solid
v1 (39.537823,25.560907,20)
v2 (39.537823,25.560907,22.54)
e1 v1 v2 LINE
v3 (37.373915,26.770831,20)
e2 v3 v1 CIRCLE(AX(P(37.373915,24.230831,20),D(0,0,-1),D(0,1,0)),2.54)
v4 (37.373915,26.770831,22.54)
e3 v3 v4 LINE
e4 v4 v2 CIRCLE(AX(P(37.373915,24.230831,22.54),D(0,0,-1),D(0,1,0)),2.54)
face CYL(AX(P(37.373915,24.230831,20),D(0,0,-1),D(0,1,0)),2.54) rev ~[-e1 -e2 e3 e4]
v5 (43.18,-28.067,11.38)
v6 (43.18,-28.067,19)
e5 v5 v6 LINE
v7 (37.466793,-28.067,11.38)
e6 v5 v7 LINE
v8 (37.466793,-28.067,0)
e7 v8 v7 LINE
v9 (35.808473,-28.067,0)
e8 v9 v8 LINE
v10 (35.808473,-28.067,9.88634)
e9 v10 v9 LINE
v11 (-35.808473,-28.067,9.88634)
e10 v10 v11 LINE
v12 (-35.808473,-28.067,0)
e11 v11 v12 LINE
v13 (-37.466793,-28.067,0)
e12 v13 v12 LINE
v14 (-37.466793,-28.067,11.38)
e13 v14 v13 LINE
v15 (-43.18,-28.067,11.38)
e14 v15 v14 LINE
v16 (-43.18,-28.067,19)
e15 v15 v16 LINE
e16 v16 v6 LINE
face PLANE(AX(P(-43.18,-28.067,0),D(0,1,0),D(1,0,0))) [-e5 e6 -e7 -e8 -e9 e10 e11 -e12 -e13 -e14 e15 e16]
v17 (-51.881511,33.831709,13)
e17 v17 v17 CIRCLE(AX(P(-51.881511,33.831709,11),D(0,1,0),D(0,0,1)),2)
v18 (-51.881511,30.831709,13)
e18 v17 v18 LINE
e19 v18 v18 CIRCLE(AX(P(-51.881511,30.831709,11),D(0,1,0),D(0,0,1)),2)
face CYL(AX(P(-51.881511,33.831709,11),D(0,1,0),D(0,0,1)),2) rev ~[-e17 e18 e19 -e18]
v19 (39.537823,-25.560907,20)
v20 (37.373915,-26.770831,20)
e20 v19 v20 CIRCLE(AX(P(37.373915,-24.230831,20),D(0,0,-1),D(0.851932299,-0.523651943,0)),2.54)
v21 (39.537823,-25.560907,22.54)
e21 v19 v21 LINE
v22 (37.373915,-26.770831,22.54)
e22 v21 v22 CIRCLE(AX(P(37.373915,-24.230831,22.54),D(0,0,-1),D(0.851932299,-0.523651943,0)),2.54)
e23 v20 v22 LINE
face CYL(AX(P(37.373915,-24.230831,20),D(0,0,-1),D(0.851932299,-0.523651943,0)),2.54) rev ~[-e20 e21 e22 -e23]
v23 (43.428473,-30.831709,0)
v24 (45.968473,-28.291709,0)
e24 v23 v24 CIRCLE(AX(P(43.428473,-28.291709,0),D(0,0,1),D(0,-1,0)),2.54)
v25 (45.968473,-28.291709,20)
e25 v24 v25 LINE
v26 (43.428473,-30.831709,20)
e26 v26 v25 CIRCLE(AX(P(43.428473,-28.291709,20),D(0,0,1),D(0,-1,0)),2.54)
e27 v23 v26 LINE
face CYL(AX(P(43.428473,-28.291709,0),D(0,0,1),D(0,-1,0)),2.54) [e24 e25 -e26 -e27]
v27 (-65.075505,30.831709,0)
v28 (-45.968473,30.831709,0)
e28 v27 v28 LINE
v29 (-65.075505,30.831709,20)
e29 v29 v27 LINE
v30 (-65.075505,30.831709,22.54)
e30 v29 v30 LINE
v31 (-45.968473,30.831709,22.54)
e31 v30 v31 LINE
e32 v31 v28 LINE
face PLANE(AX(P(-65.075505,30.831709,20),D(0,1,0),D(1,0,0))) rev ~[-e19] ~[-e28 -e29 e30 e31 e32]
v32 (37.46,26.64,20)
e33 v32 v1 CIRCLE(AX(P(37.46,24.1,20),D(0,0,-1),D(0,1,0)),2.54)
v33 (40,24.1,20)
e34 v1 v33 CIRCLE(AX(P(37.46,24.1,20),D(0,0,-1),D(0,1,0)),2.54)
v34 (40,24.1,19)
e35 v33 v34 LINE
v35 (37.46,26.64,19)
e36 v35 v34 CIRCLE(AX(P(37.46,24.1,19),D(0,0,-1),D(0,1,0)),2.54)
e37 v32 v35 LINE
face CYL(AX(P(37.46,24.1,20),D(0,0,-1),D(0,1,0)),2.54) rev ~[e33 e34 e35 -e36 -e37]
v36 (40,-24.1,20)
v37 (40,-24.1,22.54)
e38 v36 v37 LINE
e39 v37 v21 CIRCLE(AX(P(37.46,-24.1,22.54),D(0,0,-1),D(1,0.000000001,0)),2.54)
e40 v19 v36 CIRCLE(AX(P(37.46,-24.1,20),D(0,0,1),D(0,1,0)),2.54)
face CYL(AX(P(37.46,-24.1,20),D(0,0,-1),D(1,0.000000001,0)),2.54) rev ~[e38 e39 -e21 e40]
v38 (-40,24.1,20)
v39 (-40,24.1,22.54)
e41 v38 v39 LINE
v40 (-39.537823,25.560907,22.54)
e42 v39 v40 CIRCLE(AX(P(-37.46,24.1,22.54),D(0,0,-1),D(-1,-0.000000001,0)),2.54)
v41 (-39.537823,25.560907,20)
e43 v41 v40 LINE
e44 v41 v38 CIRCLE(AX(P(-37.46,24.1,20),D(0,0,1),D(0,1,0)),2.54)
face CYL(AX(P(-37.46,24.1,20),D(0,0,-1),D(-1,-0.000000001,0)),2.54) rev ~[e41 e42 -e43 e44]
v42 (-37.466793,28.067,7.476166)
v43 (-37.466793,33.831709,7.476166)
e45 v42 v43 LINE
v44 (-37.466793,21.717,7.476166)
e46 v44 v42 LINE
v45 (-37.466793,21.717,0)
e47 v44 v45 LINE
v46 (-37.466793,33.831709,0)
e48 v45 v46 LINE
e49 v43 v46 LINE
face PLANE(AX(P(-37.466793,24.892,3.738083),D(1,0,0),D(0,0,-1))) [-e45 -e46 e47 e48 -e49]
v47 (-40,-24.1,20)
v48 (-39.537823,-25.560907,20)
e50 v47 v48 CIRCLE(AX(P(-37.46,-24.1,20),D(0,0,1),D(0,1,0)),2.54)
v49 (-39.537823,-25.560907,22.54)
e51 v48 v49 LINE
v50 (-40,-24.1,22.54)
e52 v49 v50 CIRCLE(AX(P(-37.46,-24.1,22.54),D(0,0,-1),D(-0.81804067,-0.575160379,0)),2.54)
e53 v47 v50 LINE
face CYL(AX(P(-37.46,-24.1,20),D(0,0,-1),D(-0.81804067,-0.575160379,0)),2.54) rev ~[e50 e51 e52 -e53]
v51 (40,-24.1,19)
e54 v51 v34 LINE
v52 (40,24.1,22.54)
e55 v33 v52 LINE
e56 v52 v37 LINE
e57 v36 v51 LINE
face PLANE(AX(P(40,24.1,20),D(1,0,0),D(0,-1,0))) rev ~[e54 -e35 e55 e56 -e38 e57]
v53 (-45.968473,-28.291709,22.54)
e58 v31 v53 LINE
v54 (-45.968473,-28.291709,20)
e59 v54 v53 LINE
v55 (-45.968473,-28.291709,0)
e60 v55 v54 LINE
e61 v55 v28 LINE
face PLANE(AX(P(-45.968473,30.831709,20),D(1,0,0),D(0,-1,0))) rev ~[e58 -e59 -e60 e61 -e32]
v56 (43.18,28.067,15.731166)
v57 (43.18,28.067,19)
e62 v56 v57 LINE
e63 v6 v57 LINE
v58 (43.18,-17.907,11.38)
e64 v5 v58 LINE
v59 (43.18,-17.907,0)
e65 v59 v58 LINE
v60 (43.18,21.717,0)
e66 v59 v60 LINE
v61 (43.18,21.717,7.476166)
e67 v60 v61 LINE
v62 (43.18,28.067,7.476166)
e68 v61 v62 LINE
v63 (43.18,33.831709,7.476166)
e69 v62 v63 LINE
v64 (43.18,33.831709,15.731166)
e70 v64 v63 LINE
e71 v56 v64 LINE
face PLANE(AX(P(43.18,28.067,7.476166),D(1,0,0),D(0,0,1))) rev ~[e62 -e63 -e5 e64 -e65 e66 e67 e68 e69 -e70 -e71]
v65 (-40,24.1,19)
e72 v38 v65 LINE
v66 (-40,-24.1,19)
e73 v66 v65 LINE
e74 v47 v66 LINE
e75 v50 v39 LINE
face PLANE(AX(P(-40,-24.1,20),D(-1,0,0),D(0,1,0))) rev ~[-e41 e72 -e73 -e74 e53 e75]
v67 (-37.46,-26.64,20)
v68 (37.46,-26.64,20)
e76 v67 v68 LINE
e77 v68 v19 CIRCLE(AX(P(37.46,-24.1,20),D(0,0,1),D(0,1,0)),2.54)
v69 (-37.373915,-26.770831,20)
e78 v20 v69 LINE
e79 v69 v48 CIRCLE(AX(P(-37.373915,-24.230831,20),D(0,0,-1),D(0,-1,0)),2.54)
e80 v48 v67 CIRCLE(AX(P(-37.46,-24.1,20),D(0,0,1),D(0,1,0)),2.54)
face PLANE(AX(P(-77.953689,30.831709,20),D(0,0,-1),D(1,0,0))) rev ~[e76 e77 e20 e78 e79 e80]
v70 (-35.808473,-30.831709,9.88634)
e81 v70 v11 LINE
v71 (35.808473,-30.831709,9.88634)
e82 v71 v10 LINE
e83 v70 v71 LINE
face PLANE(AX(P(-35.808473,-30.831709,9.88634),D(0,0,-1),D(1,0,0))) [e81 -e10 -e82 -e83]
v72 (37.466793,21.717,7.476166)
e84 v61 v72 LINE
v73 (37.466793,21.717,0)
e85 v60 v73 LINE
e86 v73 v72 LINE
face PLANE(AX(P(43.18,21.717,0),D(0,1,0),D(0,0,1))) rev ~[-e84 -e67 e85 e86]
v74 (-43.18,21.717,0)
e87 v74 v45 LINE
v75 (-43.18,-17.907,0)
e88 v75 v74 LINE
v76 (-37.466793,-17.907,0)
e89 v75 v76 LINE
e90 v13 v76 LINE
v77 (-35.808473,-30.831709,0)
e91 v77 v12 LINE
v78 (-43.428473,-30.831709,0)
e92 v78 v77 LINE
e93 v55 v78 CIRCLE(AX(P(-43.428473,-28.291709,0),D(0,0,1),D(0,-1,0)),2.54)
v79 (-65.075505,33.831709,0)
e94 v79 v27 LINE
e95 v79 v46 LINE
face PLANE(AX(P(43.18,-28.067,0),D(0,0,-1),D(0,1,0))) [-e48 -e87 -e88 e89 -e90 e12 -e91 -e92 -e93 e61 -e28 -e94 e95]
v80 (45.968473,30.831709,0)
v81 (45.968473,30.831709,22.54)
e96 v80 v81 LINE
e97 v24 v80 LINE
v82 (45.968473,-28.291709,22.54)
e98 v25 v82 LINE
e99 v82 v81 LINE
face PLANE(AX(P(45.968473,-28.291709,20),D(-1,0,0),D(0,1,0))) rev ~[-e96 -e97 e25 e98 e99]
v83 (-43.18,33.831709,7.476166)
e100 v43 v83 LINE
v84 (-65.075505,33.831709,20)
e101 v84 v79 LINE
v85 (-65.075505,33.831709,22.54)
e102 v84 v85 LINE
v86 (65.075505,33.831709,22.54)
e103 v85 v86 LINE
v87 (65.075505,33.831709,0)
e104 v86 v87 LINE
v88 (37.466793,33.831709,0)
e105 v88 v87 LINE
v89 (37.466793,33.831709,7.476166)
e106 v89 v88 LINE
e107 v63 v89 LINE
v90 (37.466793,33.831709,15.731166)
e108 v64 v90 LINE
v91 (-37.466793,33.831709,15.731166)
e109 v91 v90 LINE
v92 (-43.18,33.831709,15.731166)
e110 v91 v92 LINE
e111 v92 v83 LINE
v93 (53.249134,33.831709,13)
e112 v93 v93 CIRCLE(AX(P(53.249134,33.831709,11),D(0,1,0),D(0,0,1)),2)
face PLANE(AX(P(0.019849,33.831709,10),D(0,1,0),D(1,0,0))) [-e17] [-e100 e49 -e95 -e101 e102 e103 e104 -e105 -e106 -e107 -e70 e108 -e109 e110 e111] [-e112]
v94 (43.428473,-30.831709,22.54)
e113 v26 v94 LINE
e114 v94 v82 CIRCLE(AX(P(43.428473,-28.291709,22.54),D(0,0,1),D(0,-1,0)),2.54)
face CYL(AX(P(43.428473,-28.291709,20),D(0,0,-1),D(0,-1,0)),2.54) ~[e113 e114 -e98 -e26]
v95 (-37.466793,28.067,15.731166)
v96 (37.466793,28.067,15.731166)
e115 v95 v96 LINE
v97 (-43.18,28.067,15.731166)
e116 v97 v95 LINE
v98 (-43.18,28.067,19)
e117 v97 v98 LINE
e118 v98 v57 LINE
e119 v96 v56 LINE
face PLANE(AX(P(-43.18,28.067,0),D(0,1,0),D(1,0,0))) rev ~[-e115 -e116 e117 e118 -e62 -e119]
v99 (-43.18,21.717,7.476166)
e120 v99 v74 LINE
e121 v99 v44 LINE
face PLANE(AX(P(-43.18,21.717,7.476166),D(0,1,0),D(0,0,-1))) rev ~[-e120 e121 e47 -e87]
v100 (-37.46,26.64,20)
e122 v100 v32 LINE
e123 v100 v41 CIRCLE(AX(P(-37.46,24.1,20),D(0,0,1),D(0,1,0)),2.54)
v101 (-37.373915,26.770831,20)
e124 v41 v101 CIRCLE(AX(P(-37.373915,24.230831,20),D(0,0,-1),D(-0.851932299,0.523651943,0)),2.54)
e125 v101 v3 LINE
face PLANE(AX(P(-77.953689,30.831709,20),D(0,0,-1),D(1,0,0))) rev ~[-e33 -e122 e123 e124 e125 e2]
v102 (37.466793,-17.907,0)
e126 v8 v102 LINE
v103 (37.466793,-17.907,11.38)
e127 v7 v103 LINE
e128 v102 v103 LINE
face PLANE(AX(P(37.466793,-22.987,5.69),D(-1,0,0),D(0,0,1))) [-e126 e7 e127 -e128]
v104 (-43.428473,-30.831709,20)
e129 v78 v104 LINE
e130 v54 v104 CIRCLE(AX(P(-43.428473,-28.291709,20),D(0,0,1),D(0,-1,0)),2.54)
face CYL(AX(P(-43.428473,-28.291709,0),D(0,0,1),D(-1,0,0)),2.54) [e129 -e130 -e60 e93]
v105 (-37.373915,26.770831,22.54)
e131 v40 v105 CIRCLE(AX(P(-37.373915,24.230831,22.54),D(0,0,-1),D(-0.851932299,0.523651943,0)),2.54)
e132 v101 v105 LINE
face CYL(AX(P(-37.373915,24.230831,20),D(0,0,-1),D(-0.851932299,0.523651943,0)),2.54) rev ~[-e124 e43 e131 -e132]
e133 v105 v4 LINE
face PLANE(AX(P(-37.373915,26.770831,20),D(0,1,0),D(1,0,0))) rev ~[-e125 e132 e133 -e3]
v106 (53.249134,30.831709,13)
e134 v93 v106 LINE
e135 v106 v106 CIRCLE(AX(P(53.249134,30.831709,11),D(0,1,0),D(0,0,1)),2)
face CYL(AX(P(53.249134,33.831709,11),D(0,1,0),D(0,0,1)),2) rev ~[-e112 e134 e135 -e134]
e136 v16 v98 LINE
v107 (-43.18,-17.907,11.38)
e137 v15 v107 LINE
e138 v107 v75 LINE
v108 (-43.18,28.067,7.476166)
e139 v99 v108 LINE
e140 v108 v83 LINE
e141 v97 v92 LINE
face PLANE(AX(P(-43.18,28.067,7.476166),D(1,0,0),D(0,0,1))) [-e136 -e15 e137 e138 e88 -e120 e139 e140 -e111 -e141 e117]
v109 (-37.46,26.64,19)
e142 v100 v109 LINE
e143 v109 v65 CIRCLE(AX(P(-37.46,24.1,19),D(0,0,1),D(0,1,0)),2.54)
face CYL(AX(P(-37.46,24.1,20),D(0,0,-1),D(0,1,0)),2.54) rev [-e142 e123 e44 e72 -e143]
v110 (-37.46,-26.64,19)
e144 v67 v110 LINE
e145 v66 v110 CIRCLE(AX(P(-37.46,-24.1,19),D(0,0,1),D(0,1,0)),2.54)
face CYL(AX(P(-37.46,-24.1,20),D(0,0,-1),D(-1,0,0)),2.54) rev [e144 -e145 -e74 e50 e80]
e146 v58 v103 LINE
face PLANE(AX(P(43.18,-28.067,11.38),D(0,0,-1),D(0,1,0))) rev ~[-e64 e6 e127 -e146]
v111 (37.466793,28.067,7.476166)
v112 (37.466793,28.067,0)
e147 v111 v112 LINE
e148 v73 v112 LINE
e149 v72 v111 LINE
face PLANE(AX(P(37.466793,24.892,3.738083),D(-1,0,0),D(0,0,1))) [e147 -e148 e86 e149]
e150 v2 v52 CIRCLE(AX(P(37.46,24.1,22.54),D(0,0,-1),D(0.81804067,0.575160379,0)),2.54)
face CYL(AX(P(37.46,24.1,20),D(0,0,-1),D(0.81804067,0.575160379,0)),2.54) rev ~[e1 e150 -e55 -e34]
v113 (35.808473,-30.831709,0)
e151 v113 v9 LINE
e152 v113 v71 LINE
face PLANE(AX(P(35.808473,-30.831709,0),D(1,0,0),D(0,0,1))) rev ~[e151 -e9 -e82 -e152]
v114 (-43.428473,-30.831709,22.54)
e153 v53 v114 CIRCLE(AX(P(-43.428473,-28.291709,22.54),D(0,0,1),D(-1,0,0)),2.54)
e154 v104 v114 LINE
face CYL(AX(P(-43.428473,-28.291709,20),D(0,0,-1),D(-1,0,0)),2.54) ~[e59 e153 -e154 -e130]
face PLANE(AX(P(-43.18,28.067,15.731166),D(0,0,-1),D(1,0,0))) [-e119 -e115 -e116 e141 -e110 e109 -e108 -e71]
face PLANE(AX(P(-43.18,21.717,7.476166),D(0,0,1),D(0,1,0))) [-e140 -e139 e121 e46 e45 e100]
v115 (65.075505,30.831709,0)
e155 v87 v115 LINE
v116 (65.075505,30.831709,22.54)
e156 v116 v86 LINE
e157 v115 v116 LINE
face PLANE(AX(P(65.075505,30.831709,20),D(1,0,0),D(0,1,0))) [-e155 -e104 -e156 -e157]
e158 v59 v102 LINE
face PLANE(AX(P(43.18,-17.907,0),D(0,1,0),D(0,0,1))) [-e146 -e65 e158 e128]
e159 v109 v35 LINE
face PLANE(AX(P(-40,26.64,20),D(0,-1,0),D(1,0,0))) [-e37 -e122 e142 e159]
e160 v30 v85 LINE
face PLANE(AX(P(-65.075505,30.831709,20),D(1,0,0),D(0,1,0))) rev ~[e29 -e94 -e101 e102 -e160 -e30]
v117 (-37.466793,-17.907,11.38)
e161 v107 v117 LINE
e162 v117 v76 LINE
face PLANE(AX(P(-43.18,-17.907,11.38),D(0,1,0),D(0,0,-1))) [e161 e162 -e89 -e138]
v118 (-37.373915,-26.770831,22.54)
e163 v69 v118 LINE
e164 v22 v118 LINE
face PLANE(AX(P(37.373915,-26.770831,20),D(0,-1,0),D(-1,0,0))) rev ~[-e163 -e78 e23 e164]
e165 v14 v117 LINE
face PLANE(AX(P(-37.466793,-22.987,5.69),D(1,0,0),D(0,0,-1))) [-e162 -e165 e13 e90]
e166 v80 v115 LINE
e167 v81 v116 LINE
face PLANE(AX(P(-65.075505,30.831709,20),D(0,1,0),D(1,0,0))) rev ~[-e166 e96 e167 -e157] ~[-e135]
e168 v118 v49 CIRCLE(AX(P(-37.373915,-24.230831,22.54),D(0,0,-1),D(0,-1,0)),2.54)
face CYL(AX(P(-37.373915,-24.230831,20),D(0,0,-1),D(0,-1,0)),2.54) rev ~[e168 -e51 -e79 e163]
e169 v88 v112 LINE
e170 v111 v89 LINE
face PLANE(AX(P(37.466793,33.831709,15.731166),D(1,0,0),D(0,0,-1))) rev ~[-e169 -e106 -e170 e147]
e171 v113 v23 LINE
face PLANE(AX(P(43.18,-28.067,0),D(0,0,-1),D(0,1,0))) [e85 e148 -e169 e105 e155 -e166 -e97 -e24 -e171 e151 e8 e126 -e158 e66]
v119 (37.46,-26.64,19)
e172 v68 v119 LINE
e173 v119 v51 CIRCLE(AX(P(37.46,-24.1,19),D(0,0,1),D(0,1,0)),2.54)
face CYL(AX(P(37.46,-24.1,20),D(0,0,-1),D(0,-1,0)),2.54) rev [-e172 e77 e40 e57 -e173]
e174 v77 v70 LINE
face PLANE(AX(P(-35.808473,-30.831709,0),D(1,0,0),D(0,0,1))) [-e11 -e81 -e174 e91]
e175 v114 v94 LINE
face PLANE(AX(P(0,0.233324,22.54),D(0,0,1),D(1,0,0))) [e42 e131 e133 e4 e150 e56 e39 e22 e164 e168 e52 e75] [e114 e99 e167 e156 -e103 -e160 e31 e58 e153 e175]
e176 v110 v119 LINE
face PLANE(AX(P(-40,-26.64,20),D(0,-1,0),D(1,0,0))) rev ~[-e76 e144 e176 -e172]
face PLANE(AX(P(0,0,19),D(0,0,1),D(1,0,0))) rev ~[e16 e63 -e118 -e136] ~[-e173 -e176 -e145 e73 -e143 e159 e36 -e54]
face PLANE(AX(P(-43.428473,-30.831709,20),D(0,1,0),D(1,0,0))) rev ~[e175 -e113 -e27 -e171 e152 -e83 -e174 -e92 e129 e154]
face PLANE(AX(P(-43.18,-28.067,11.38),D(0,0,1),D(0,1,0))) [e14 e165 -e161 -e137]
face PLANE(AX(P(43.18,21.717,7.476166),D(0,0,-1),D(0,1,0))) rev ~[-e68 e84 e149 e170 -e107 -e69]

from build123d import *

# Parameters (mm, degrees)
SKETCH1_W            = 91.936945468
SKETCH1_H            = 61.663418702
SKETCH1_W_2          = 86.36
SKETCH1_H_2          = 56.134
BOSS_EXTRUDE1_DEPTH  = 20
SKETCH2_W            = 86.36
SKETCH2_H            = 56.134
BOSS_EXTRUDE3_DEPTH  = 1
SKETCH4_W            = 80
SKETCH4_H            = 53.28
CUT_EXTRUDE6_DEPTH   = 59.853162931
SKETCH5_W            = 155.947075919
SKETCH5_H            = 20
BOSS_EXTRUDE4_DEPTH  = 3
SKETCH8_W            = 12.917881336
SKETCH8_H            = 3
CUT_EXTRUDE7_DEPTH   = 88.335862802
SKETCH9_W            = 12.878183793
SKETCH9_H            = 3
CUT_EXTRUDE8_DEPTH   = 88.300413605
SKETCH10_R           = 2
CUT_EXTRUDE9_DEPTH   = 94.894510599
SKETCH10_3_R         = 2
CUT_EXTRUDE10_DEPTH  = 94.894510599
SKETCH11_W           = 74.933585118
SKETCH11_H           = 15.731166257
CUT_EXTRUDE11_DEPTH  = 20
FILLET1_R            = 2.54
FILLET2_R            = 2.54
FILLET3_R            = 2.54
FILLET4_R            = 2.54
FILLET5_R            = 2.54
FILLET6_R            = 2.54
SKETCH14_W           = 5.713207441
SKETCH14_H           = 8.255
CUT_EXTRUDE12_DEPTH  = 91.021549452
SKETCH15_W           = 5.713207441
SKETCH15_H           = 8.255
CUT_EXTRUDE13_DEPTH  = 91.021549452
SKETCH16_W           = 7.476166257
SKETCH16_H           = 6.35
BOSS_EXTRUDE5_DEPTH  = 5.713207
SKETCH17_W           = 7.476166257
SKETCH17_H           = 6.35
BOSS_EXTRUDE6_DEPTH  = 5.713207441
SKETCH18_W           = 11.38
SKETCH18_H           = 10.16
BOSS_EXTRUDE7_DEPTH  = 5.713207441
SKETCH19_W           = 11.38
SKETCH19_H           = 10.16
BOSS_EXTRUDE8_DEPTH  = 5.713207441
SKETCH20_W           = 71.616945468
SKETCH20_H           = 9.886340198
CUT_EXTRUDE14_DEPTH  = 94.894510599
SKETCH23_W           = 130.15101079
SKETCH23_H           = 3
BOSS_EXTRUDE14_DEPTH = 2.54


with BuildPart() as part:
    # Sketch1 → Boss-Extrude1 (new body)
    with BuildSketch(Plane.XY):
        Rectangle(SKETCH1_W, SKETCH1_H)
        Rectangle(SKETCH1_W_2, SKETCH1_H_2, mode=Mode.SUBTRACT)
    extrude(amount=BOSS_EXTRUDE1_DEPTH)

    # Sketch2 → Boss-Extrude3 (add)
    with BuildSketch(Plane.XY.offset(20)):
        Rectangle(SKETCH2_W, SKETCH2_H)
    extrude(amount=-BOSS_EXTRUDE3_DEPTH)

    # Sketch4 → Cut-Extrude6 (cut, through all)
    with BuildSketch(Plane.XY.offset(20)):
        Rectangle(SKETCH4_W, SKETCH4_H)
    extrude(amount=-CUT_EXTRUDE6_DEPTH, mode=Mode.SUBTRACT)

    # Sketch5 → Boss-Extrude4 (add)
    with BuildSketch(Plane(origin=(0, 30.831709351, 0), x_dir=(1, 0, 0), z_dir=(0, 1, 0))):
        with Locations((0.019848772, -10)):
            Rectangle(SKETCH5_W, SKETCH5_H)
    extrude(amount=BOSS_EXTRUDE4_DEPTH)

    # Sketch8 → Cut-Extrude7 (cut, through all)
    with BuildSketch(Plane.XY.offset(20)):
        with Locations((71.534446063, 32.331709351)):
            Rectangle(SKETCH8_W, SKETCH8_H)
    extrude(amount=-CUT_EXTRUDE7_DEPTH, mode=Mode.SUBTRACT)

    # Sketch9 → Cut-Extrude8 (cut, through all)
    with BuildSketch(Plane.XY.offset(20)):
        with Locations((-71.514597291, 32.331709351)):
            Rectangle(SKETCH9_W, SKETCH9_H)
    extrude(amount=-CUT_EXTRUDE8_DEPTH, mode=Mode.SUBTRACT)

    # Sketch10 → Cut-Extrude9 (cut, through all)
    with BuildSketch(Plane(origin=(0, 33.831709351, 0), x_dir=(1, 0, 0), z_dir=(0, 1, 0))):
        with Locations(Location((53.249133704, -11, 0), (0, 0, 270))):
            Circle(SKETCH10_R)
    extrude(amount=-CUT_EXTRUDE9_DEPTH, mode=Mode.SUBTRACT)

    # Sketch10<3> → Cut-Extrude10 (cut, through all)
    with BuildSketch(Plane(origin=(0, 33.831709351, 0), x_dir=(1, 0, 0), z_dir=(0, 1, 0))):
        with Locations(Location((53.249133704, -11, 0), (0, 0, 270))):
            Circle(SKETCH10_3_R)
        with Locations(Location((-51.881510593, -11, 0), (0, 0, 270))):
            Circle(SKETCH10_3_R)
    extrude(amount=-CUT_EXTRUDE10_DEPTH, mode=Mode.SUBTRACT)

    # Sketch11 → Cut-Extrude11 (cut)
    with BuildSketch(Plane(origin=(0, 33.831709351, 0), x_dir=(1, 0, 0), z_dir=(0, 1, 0))):
        with Locations((0, -7.865583129)):
            Rectangle(SKETCH11_W, SKETCH11_H)
    extrude(amount=-CUT_EXTRUDE11_DEPTH, mode=Mode.SUBTRACT)

    # Fillet1
    fillet1_edges = [part.edges().sort_by_distance(p)[0] for p in [
        (40, 26.64, 19.5),
    ]]
    fillet(fillet1_edges, radius=FILLET1_R)

    # Fillet2
    fillet2_edges = [part.edges().sort_by_distance(p)[0] for p in [
        (-40, 26.64, 19.5),
    ]]
    fillet(fillet2_edges, radius=FILLET2_R)

    # Fillet3
    fillet3_edges = [part.edges().sort_by_distance(p)[0] for p in [
        (-40, -26.64, 19.5),
    ]]
    fillet(fillet3_edges, radius=FILLET3_R)

    # Fillet4
    fillet4_edges = [part.edges().sort_by_distance(p)[0] for p in [
        (40, -26.64, 19.5),
    ]]
    fillet(fillet4_edges, radius=FILLET4_R)

    # Fillet5
    fillet5_edges = [part.edges().sort_by_distance(p)[0] for p in [
        (-45.968472734, -30.831709351, 10),
    ]]
    fillet(fillet5_edges, radius=FILLET5_R)

    # Fillet6
    fillet6_edges = [part.edges().sort_by_distance(p)[0] for p in [
        (45.968472734, -30.831709351, 10),
    ]]
    fillet(fillet6_edges, radius=FILLET6_R)

    # Sketch14 → Cut-Extrude12 (cut, through all)
    with BuildSketch(Plane.XZ.offset(-28.067)):
        with Locations((40.32339628, 11.603666257)):
            Rectangle(SKETCH14_W, SKETCH14_H)
    extrude(amount=-CUT_EXTRUDE12_DEPTH, mode=Mode.SUBTRACT)

    # Sketch15 → Cut-Extrude13 (cut, through all)
    with BuildSketch(Plane.XZ.offset(-28.067)):
        with Locations((-40.32339628, 11.603666257)):
            Rectangle(SKETCH15_W, SKETCH15_H)
    extrude(amount=-CUT_EXTRUDE13_DEPTH, mode=Mode.SUBTRACT)

    # Sketch16 → Boss-Extrude5 (add)
    with BuildSketch(Plane.ZY.offset(-43.18)):
        with Locations((3.738083129, 24.892)):
            Rectangle(SKETCH16_W, SKETCH16_H)
    extrude(amount=BOSS_EXTRUDE5_DEPTH)

    # Sketch17 → Boss-Extrude6 (add)
    with BuildSketch(Plane(origin=(-43.18, 0, 0), x_dir=(0, 0, -1), z_dir=(1, 0, 0))):
        with Locations((-3.738083129, 24.892)):
            Rectangle(SKETCH17_W, SKETCH17_H)
    extrude(amount=BOSS_EXTRUDE6_DEPTH)

    # Sketch18 → Boss-Extrude7 (add)
    with BuildSketch(Plane(origin=(-43.18, 0, 0), x_dir=(0, 0, -1), z_dir=(1, 0, 0))):
        with Locations((-5.69, -22.987)):
            Rectangle(SKETCH18_W, SKETCH18_H)
    extrude(amount=BOSS_EXTRUDE7_DEPTH)

    # Sketch19 → Boss-Extrude8 (add)
    with BuildSketch(Plane.ZY.offset(-43.18)):
        with Locations((5.69, -22.987)):
            Rectangle(SKETCH19_W, SKETCH19_H)
    extrude(amount=BOSS_EXTRUDE8_DEPTH)

    # Sketch20 → Cut-Extrude14 (cut, through all)
    with BuildSketch(Plane.XZ.offset(30.831709351)):
        with Locations((0, 4.943170099)):
            Rectangle(SKETCH20_W, SKETCH20_H)
    extrude(amount=-CUT_EXTRUDE14_DEPTH, mode=Mode.SUBTRACT)

    # Sketch23 → Boss-Extrude14 (add)
    # profile 1 of 2: a face of its own
    with BuildSketch(Plane.XY.offset(20)):
        with BuildLine():
            Line((-43.428472734, -30.831709351), (43.428472734, -30.831709351))
            ThreePointArc((43.428472734, -30.831709351), (45.224523958, -30.087760575), (45.968472734, -28.291709351))
            Line((45.968472734, -28.291709351), (45.968472734, 30.831709351))
            Line((45.968472734, 30.831709351), (-45.968472734, 30.831709351))
            Line((-45.968472734, 30.831709351), (-45.968472734, -28.291709351))
            ThreePointArc((-45.968472734, -28.291709351), (-45.224523958, -30.087760575), (-43.428472734, -30.831709351))
        make_face()
        with BuildLine():
            ThreePointArc((39.537823304, -25.560907361), (38.61351341, -26.44781055), (37.373915264, -26.770831426))
            Line((37.373915264, -26.770831426), (-37.373915264, -26.770831426))
            ThreePointArc((-37.373915264, -26.770831426), (-38.61351341, -26.44781055), (-39.537823304, -25.560907361))
            ThreePointArc((-39.537823304, -25.560907361), (-39.881700972, -24.866136022), (-40, -24.1))
            Line((-40, -24.1), (-40, 24.1))
            ThreePointArc((-40, 24.1), (-39.881700972, 24.866136022), (-39.537823304, 25.560907361))
            ThreePointArc((-39.537823304, 25.560907361), (-38.61351341, 26.44781055), (-37.373915264, 26.770831426))
            Line((-37.373915264, 26.770831426), (37.373915264, 26.770831426))
            ThreePointArc((37.373915264, 26.770831426), (38.61351341, 26.44781055), (39.537823304, 25.560907361))
            ThreePointArc((39.537823304, 25.560907361), (39.881700972, 24.866136022), (40, 24.1))
            Line((40, 24.1), (40, -24.1))
            ThreePointArc((40, -24.1), (39.881700972, -24.866136022), (39.537823304, -25.560907361))
        make_face(mode=Mode.SUBTRACT)
    # profile 2 of 2: a face of its own
    with BuildSketch(Plane.XY.offset(20)):
        with Locations((0, 32.331709351)):
            Rectangle(SKETCH23_W, SKETCH23_H)
    extrude(amount=BOSS_EXTRUDE14_DEPTH)


solid = part.part
